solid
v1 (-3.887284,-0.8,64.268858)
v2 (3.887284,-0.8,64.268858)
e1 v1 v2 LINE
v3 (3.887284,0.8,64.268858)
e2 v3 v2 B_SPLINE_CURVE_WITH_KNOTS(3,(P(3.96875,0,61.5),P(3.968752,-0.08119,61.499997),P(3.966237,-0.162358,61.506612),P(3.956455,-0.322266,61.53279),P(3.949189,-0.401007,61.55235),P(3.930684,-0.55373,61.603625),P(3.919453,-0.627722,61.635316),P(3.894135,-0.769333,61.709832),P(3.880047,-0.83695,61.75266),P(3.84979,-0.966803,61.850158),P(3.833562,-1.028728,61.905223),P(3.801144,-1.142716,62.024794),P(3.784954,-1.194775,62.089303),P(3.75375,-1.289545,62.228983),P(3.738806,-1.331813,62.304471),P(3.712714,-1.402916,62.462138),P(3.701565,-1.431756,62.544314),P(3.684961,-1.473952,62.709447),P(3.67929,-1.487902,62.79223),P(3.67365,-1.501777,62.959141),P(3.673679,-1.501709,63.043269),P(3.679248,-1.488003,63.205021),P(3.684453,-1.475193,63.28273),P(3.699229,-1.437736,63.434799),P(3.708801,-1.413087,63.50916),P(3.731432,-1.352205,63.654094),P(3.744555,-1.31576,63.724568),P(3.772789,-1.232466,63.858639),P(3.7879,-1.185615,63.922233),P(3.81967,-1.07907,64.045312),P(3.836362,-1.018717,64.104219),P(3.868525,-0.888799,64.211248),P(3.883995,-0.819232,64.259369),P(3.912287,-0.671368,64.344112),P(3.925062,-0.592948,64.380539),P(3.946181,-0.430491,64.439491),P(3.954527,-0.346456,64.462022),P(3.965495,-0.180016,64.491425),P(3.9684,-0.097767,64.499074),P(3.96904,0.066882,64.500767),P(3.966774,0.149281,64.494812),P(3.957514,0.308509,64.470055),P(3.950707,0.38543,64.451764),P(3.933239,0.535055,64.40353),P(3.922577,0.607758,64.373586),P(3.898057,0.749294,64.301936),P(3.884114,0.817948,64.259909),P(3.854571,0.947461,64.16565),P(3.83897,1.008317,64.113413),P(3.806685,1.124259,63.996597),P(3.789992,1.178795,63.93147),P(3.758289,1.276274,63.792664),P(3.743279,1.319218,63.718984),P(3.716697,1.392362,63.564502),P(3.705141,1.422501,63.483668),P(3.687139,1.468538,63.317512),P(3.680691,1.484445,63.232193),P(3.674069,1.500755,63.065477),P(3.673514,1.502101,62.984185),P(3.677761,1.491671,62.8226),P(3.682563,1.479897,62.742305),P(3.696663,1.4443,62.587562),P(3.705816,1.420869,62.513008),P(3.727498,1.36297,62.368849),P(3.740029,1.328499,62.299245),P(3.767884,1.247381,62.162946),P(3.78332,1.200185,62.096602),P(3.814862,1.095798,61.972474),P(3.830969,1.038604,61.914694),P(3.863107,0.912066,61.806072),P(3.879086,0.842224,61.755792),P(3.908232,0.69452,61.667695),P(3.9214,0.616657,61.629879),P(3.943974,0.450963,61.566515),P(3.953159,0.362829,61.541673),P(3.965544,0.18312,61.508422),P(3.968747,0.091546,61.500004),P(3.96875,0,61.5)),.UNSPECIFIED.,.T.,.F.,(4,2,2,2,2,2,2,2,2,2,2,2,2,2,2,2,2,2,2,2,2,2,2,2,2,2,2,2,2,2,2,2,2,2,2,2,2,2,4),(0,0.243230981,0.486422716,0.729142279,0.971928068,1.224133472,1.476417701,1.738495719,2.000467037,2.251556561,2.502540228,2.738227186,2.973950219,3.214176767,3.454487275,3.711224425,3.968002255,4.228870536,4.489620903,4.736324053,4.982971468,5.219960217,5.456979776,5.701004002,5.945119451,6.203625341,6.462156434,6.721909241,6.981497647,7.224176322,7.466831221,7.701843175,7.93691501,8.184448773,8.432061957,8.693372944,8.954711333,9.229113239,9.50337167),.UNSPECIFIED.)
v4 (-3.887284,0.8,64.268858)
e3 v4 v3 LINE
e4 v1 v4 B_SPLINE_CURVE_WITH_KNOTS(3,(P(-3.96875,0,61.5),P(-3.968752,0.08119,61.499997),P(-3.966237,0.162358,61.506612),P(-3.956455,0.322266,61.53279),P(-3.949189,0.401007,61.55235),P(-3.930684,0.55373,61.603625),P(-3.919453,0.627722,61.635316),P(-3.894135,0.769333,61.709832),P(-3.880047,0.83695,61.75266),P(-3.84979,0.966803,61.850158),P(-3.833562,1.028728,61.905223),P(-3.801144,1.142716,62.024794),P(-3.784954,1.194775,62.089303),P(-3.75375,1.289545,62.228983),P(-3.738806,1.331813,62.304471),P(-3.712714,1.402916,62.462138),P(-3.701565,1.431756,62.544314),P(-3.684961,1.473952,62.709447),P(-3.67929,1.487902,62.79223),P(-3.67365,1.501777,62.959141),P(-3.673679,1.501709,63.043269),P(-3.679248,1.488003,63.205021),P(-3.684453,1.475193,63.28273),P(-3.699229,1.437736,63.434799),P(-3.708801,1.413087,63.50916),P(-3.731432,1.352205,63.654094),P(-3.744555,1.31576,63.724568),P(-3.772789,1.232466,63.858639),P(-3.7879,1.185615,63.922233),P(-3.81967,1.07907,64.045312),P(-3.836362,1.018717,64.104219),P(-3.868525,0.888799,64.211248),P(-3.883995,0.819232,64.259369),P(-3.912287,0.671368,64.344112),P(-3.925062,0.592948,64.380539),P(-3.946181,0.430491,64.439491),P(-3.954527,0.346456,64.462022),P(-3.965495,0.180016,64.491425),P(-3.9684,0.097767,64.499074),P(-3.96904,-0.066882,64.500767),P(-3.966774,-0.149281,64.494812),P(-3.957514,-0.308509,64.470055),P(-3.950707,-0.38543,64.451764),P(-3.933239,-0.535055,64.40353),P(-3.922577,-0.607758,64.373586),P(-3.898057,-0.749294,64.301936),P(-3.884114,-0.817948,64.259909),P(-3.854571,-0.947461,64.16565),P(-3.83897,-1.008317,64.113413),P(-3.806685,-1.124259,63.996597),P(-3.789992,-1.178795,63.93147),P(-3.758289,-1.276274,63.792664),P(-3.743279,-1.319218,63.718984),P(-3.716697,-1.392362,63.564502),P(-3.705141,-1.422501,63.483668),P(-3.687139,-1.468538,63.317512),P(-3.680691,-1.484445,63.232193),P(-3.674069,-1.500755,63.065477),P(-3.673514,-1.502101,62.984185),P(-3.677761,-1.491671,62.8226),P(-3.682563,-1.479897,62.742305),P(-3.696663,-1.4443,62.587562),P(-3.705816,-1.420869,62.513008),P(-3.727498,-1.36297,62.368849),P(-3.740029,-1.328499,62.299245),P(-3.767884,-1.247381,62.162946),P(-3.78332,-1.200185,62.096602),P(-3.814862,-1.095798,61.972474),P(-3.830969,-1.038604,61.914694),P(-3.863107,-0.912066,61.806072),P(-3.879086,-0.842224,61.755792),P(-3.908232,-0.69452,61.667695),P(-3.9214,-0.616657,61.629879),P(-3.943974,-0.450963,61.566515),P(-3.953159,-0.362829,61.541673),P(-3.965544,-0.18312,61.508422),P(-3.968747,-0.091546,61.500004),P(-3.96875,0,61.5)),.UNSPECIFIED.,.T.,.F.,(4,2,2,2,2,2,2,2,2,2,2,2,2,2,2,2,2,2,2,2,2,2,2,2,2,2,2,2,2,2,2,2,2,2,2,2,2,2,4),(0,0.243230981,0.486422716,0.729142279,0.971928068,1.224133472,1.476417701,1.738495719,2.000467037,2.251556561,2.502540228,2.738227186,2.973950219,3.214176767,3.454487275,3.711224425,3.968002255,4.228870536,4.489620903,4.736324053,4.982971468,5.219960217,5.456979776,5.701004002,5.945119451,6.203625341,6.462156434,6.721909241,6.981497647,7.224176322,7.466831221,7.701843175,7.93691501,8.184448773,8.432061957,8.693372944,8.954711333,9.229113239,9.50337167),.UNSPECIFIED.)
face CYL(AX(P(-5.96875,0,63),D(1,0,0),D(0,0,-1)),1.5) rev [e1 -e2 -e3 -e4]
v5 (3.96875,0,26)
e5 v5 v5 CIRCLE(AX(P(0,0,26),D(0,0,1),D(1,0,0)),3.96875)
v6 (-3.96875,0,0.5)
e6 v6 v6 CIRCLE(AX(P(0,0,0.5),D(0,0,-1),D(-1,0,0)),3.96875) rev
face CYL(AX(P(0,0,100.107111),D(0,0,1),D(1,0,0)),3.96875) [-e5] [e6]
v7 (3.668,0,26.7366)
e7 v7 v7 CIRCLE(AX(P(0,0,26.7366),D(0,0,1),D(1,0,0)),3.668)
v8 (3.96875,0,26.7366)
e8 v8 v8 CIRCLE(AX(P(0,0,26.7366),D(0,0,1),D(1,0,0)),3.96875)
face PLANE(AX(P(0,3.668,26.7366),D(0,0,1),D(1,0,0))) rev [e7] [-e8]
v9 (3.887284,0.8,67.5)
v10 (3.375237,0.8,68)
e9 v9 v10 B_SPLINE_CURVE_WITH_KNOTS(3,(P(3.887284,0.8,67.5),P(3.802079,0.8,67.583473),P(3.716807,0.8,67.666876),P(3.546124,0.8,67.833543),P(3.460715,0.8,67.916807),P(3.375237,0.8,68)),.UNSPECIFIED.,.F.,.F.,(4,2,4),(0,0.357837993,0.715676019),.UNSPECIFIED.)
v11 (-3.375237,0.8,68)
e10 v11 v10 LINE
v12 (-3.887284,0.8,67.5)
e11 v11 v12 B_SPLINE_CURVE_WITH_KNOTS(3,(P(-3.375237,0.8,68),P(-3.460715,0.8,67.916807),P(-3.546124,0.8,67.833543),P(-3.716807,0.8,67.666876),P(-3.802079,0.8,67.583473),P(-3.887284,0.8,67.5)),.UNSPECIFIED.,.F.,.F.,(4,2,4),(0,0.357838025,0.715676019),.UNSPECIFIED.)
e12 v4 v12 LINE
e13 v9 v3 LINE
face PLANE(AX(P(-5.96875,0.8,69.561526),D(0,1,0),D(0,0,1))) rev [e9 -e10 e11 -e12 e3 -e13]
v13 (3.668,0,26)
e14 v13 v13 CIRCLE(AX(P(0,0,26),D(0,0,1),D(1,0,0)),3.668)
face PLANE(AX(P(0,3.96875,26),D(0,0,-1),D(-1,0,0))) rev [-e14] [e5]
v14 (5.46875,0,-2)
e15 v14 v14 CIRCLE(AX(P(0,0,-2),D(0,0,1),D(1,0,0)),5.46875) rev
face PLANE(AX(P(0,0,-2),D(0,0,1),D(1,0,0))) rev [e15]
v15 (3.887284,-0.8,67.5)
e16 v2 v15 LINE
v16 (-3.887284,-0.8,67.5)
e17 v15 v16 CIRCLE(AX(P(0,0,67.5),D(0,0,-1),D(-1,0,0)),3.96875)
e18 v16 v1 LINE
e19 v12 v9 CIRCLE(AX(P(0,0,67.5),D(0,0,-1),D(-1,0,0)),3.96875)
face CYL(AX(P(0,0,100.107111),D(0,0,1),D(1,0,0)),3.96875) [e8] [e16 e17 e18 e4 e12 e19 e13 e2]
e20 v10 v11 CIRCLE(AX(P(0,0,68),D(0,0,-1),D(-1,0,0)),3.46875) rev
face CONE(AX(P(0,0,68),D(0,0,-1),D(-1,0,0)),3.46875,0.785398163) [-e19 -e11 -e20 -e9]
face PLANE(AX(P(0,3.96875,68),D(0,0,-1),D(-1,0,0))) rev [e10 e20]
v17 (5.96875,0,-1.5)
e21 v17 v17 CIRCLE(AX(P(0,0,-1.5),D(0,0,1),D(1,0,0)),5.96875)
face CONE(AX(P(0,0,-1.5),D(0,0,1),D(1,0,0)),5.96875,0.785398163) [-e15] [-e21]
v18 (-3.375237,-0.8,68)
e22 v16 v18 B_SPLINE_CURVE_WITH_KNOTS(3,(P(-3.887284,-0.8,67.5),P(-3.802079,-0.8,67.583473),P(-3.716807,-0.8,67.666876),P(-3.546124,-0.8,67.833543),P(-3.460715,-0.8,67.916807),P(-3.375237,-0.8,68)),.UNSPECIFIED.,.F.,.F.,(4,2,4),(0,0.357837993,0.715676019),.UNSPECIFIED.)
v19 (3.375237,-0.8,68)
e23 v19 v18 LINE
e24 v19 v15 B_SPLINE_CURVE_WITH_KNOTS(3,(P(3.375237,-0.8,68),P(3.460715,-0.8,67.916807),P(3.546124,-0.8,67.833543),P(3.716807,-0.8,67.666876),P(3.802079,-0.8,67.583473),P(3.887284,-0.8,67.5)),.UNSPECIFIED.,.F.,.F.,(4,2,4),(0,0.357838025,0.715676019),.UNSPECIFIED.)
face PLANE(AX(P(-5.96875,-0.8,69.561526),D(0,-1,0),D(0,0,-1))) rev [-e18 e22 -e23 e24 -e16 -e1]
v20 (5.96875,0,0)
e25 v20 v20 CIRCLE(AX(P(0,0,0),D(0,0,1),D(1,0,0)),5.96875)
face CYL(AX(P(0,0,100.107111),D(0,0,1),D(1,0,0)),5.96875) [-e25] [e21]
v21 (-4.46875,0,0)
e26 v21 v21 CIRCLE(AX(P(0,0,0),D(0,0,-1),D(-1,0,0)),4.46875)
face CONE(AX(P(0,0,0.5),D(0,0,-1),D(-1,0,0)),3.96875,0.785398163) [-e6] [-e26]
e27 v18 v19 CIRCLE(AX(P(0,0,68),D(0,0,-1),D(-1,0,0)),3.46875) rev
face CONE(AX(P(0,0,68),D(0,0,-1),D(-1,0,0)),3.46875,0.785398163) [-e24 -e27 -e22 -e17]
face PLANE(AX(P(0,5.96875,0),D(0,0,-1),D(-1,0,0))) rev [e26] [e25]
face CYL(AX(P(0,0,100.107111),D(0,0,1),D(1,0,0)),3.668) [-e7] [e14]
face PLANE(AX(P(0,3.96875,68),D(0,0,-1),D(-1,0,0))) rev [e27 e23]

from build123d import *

# Parameters (mm, degrees)
EXTRUDE1_DEPTH      = 6.96875
EXTRUDE1_DEPTH_BACK = 6.96875
CHAMFER1_SIZE       = 0.5


with BuildPart() as part:
    # Sketch1 → Revolve1 (revolve)
    with BuildSketch(Plane(origin=(0, 0, 0), x_dir=(0, 0, -1), z_dir=(1, 0, 0))):
        Polygon((0, 3.96875), (-26, 3.96875), (-26, 3.9375), (-26, 3.668), (-26.7366, 3.668), (-26.7366, 3.96875), (-68, 3.96875), (-68, 0), (2, 0), (2, 5.96875), (0, 5.96875), align=None)
    revolve(axis=Axis((0, 0, 100.107110912), (0, 0, -1)))

    # Sketch2 → Extrude1 (cut, two sides)
    with BuildSketch(Plane(origin=(0, 0, 0), x_dir=(0, 0, -1), z_dir=(1, 0, 0))) as extrude1_sk:
        with BuildLine():
            Line((-69.561526288, 0.8), (-64.268857754, 0.8))
            ThreePointArc((-64.268857754, 0.8), (-61.5, 0), (-64.268857754, -0.8))
            Line((-64.268857754, -0.8), (-69.561526288, -0.8))
            Line((-69.561526288, -0.8), (-69.561526288, 0.8))
        make_face()
    extrude(amount=EXTRUDE1_DEPTH, mode=Mode.SUBTRACT)
    extrude(extrude1_sk.sketch, amount=-EXTRUDE1_DEPTH_BACK, mode=Mode.SUBTRACT)

    # Chamfer1
    chamfer1_edges = [part.edges().sort_by_distance(p)[0] for p in [
        (2.507586146, 3.076197049, 68),
        (0, -5.96875, -2),
        (0, -3.96875, 68),
        (0, -3.96875, 0),
    ]]
    chamfer(chamfer1_edges, length=CHAMFER1_SIZE)


solid = part.part
